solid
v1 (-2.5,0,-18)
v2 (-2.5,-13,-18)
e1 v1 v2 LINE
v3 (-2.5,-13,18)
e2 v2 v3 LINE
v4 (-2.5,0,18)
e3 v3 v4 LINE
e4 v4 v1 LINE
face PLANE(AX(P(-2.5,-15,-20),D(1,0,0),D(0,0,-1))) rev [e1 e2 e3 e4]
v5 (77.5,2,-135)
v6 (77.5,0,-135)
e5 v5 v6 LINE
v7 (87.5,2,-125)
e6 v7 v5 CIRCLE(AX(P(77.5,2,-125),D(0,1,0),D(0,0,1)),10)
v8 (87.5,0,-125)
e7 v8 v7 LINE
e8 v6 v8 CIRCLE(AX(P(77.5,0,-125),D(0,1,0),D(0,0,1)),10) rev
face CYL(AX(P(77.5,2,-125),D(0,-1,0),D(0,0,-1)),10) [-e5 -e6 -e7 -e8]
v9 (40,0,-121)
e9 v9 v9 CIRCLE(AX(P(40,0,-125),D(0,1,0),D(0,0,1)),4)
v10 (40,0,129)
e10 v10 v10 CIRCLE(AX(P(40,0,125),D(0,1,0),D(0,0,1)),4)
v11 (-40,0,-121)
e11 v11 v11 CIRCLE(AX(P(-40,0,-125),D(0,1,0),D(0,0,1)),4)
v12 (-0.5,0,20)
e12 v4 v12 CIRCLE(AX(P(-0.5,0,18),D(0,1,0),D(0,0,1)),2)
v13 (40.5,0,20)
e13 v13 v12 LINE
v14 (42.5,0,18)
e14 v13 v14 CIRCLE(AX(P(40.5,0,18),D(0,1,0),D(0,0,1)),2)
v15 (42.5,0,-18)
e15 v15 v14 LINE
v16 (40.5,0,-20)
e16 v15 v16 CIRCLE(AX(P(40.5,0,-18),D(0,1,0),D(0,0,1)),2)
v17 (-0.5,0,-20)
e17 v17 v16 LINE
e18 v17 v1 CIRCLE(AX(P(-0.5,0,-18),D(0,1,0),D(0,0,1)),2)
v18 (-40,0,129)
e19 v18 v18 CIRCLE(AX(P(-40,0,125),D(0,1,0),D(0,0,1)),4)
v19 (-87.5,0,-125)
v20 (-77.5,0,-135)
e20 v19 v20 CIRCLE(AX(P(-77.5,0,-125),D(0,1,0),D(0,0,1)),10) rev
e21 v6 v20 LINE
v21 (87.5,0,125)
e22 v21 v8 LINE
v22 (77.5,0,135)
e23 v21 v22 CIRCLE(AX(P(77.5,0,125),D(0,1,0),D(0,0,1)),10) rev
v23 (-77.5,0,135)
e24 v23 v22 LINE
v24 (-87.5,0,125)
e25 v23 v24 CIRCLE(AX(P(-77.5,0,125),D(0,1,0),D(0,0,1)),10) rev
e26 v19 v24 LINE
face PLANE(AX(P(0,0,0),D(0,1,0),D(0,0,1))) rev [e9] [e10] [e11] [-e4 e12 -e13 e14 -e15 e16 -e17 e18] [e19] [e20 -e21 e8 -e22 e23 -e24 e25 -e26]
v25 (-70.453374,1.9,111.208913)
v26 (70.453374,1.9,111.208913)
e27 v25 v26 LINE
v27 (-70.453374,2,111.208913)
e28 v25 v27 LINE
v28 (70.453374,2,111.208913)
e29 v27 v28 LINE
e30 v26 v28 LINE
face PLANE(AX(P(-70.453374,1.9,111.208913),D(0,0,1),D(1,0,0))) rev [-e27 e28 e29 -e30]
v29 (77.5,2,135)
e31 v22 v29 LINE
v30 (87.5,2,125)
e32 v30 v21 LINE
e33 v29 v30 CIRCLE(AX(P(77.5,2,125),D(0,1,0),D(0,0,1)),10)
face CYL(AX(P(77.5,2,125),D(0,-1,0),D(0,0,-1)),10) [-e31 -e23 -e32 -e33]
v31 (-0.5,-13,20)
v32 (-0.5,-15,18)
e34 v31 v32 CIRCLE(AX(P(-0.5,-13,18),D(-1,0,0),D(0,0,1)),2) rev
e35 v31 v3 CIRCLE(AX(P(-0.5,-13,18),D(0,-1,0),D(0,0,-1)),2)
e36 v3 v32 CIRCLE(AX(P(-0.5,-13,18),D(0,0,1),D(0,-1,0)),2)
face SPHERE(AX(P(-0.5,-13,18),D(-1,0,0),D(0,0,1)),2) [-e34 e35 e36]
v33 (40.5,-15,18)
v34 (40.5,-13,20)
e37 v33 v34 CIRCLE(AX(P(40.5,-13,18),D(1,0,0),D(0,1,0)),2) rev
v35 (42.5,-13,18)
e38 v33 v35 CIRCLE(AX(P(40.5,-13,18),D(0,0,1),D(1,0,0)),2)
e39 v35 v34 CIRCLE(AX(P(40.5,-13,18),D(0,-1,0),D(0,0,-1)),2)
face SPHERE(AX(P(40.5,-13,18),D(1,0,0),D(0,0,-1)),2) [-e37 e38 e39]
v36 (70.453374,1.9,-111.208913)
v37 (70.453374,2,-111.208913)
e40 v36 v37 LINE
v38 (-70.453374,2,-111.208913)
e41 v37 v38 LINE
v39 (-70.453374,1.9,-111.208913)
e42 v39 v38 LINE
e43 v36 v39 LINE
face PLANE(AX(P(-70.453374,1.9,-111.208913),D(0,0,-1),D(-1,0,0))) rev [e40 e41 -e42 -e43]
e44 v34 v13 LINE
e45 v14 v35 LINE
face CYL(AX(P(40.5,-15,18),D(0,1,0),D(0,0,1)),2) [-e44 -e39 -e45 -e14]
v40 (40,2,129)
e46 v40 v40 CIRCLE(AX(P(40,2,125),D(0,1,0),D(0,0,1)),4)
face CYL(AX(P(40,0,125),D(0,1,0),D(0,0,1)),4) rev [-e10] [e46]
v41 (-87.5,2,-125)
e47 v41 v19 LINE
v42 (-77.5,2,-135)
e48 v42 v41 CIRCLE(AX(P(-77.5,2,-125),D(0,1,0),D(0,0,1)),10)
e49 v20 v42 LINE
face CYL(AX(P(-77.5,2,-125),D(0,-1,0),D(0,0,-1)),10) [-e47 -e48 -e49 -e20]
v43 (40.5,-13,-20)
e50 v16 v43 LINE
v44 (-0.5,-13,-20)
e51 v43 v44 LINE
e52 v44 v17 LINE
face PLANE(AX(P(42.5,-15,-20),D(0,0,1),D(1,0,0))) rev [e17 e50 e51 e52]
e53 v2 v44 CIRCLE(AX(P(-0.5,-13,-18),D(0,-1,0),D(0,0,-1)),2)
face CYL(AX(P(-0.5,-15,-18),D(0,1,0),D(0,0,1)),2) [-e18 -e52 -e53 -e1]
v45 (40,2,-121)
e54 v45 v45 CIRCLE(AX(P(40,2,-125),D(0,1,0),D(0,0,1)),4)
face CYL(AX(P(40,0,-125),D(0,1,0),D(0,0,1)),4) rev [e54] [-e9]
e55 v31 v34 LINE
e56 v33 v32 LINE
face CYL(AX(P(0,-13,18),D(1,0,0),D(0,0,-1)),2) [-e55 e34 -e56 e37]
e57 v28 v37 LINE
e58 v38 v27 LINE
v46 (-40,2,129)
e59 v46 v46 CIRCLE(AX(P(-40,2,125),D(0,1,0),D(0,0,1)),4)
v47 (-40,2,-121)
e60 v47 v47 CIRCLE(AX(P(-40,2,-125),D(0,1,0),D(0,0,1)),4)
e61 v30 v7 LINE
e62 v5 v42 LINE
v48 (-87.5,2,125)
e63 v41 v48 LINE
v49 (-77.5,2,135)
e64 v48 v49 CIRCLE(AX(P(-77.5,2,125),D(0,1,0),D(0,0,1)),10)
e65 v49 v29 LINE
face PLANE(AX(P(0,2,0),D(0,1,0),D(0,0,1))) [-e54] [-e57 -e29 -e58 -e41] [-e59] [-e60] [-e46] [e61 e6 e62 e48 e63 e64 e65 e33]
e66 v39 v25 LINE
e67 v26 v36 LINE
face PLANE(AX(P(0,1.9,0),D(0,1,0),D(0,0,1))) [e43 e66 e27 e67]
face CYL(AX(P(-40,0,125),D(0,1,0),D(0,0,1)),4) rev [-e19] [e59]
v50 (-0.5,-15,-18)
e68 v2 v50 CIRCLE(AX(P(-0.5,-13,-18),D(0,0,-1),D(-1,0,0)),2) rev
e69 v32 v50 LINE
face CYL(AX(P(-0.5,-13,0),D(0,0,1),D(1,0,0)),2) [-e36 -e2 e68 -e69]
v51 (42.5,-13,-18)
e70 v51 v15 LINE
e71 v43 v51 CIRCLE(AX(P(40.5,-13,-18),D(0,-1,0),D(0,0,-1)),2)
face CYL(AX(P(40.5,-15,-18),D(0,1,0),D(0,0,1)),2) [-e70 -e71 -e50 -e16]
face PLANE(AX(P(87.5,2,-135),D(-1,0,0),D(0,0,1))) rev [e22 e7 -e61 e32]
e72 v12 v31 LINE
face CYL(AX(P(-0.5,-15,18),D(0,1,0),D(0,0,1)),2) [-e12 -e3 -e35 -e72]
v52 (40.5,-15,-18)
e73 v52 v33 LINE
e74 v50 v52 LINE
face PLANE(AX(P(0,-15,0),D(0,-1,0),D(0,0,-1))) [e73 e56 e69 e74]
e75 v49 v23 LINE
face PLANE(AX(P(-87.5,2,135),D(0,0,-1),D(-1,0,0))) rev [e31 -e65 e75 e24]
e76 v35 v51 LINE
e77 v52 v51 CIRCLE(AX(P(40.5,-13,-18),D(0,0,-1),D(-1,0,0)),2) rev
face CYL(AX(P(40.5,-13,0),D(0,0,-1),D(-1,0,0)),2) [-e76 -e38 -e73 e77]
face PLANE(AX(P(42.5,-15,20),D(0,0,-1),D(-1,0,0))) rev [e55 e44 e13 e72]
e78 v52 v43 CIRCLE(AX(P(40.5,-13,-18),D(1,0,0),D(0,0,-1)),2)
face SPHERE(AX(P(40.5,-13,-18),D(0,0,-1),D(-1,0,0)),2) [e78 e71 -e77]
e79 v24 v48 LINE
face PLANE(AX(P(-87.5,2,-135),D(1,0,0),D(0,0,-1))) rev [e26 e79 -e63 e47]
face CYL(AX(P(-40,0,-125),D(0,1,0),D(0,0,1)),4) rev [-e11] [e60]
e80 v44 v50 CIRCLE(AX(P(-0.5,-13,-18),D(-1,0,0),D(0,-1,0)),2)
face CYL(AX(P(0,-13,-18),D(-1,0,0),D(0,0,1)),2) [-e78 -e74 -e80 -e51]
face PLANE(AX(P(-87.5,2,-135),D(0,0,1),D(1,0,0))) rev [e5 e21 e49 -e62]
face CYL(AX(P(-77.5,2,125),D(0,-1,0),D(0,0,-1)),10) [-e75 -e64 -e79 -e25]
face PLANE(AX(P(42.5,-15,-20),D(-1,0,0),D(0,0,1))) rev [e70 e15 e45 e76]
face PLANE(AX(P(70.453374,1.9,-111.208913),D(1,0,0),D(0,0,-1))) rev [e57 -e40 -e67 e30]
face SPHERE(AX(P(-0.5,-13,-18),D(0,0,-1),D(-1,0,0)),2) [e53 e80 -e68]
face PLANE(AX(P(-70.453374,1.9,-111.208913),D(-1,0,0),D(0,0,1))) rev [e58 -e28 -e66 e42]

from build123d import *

# Parameters (mm, degrees)
SKETCH_2_W          = 175
SKETCH_2_H          = 270
EXTRUDE_1_DEPTH     = 2
FILLET_1_R          = 10
SKETCH_3_R          = 4
CUT_EXTRUDE_1_DEPTH = 161.888936848
SKETCH_4_W          = 140.906747132
SKETCH_4_H          = 222.417825068
CUT_EXTRUDE_2_DEPTH = 0.1
SKETCH_5_W          = 45
SKETCH_5_H          = 40
EXTRUDE_2_DEPTH     = 15
FILLET_2_R          = 2


with BuildPart() as part:
    # 草图2 → 凸台-拉伸1 (new body)
    with BuildSketch(Plane(origin=(0, 0, 0), x_dir=(1, 0, 0), z_dir=(0, 1, 0))):
        Rectangle(SKETCH_2_W, SKETCH_2_H)
    extrude(amount=EXTRUDE_1_DEPTH)

    # 圆角1
    fillet_1_edges = [part.edges().sort_by_distance(p)[0] for p in [
        (87.5, 1, 135),
        (-87.5, 1, 135),
        (-87.5, 1, -135),
        (87.5, 1, -135),
    ]]
    fillet(fillet_1_edges, radius=FILLET_1_R)

    # 草图3 → 切除-拉伸1 (cut, through all)
    with BuildSketch(Plane(origin=(0, 2, 0), x_dir=(1, 0, 0), z_dir=(0, 1, 0))):
        with Locations(Location((-40, 125, 0), (0, 0, 270))):
            Circle(SKETCH_3_R)
        with Locations(Location((40, 125, 0), (0, 0, 270))):
            Circle(SKETCH_3_R)
        with Locations(Location((40, -125, 0), (0, 0, 270))):
            Circle(SKETCH_3_R)
        with Locations(Location((-40, -125, 0), (0, 0, 270))):
            Circle(SKETCH_3_R)
    extrude(amount=-CUT_EXTRUDE_1_DEPTH, mode=Mode.SUBTRACT)

    # 草图4 → 切除-拉伸2 (cut)
    with BuildSketch(Plane(origin=(0, 2, 0), x_dir=(1, 0, 0), z_dir=(0, 1, 0))):
        Rectangle(SKETCH_4_W, SKETCH_4_H)
    extrude(amount=-CUT_EXTRUDE_2_DEPTH, mode=Mode.SUBTRACT)

    # 草图5 → 凸台-拉伸2 (add)
    with BuildSketch(Plane.XZ):
        with Locations((20, 0)):
            Rectangle(SKETCH_5_W, SKETCH_5_H)
    extrude(amount=EXTRUDE_2_DEPTH)

    # 圆角2
    fillet_2_edges = [part.edges().sort_by_distance(p)[0] for p in [
        (-2.5, -7.5, 20),
        (-2.5, -7.5, -20),
        (42.5, -7.5, -20),
        (42.5, -7.5, 20),
        (-2.5, -15, 0),
        (20, -15, -20),
        (42.5, -15, 0),
        (20, -15, 20),
    ]]
    fillet(fillet_2_edges, radius=FILLET_2_R)


solid = part.part
